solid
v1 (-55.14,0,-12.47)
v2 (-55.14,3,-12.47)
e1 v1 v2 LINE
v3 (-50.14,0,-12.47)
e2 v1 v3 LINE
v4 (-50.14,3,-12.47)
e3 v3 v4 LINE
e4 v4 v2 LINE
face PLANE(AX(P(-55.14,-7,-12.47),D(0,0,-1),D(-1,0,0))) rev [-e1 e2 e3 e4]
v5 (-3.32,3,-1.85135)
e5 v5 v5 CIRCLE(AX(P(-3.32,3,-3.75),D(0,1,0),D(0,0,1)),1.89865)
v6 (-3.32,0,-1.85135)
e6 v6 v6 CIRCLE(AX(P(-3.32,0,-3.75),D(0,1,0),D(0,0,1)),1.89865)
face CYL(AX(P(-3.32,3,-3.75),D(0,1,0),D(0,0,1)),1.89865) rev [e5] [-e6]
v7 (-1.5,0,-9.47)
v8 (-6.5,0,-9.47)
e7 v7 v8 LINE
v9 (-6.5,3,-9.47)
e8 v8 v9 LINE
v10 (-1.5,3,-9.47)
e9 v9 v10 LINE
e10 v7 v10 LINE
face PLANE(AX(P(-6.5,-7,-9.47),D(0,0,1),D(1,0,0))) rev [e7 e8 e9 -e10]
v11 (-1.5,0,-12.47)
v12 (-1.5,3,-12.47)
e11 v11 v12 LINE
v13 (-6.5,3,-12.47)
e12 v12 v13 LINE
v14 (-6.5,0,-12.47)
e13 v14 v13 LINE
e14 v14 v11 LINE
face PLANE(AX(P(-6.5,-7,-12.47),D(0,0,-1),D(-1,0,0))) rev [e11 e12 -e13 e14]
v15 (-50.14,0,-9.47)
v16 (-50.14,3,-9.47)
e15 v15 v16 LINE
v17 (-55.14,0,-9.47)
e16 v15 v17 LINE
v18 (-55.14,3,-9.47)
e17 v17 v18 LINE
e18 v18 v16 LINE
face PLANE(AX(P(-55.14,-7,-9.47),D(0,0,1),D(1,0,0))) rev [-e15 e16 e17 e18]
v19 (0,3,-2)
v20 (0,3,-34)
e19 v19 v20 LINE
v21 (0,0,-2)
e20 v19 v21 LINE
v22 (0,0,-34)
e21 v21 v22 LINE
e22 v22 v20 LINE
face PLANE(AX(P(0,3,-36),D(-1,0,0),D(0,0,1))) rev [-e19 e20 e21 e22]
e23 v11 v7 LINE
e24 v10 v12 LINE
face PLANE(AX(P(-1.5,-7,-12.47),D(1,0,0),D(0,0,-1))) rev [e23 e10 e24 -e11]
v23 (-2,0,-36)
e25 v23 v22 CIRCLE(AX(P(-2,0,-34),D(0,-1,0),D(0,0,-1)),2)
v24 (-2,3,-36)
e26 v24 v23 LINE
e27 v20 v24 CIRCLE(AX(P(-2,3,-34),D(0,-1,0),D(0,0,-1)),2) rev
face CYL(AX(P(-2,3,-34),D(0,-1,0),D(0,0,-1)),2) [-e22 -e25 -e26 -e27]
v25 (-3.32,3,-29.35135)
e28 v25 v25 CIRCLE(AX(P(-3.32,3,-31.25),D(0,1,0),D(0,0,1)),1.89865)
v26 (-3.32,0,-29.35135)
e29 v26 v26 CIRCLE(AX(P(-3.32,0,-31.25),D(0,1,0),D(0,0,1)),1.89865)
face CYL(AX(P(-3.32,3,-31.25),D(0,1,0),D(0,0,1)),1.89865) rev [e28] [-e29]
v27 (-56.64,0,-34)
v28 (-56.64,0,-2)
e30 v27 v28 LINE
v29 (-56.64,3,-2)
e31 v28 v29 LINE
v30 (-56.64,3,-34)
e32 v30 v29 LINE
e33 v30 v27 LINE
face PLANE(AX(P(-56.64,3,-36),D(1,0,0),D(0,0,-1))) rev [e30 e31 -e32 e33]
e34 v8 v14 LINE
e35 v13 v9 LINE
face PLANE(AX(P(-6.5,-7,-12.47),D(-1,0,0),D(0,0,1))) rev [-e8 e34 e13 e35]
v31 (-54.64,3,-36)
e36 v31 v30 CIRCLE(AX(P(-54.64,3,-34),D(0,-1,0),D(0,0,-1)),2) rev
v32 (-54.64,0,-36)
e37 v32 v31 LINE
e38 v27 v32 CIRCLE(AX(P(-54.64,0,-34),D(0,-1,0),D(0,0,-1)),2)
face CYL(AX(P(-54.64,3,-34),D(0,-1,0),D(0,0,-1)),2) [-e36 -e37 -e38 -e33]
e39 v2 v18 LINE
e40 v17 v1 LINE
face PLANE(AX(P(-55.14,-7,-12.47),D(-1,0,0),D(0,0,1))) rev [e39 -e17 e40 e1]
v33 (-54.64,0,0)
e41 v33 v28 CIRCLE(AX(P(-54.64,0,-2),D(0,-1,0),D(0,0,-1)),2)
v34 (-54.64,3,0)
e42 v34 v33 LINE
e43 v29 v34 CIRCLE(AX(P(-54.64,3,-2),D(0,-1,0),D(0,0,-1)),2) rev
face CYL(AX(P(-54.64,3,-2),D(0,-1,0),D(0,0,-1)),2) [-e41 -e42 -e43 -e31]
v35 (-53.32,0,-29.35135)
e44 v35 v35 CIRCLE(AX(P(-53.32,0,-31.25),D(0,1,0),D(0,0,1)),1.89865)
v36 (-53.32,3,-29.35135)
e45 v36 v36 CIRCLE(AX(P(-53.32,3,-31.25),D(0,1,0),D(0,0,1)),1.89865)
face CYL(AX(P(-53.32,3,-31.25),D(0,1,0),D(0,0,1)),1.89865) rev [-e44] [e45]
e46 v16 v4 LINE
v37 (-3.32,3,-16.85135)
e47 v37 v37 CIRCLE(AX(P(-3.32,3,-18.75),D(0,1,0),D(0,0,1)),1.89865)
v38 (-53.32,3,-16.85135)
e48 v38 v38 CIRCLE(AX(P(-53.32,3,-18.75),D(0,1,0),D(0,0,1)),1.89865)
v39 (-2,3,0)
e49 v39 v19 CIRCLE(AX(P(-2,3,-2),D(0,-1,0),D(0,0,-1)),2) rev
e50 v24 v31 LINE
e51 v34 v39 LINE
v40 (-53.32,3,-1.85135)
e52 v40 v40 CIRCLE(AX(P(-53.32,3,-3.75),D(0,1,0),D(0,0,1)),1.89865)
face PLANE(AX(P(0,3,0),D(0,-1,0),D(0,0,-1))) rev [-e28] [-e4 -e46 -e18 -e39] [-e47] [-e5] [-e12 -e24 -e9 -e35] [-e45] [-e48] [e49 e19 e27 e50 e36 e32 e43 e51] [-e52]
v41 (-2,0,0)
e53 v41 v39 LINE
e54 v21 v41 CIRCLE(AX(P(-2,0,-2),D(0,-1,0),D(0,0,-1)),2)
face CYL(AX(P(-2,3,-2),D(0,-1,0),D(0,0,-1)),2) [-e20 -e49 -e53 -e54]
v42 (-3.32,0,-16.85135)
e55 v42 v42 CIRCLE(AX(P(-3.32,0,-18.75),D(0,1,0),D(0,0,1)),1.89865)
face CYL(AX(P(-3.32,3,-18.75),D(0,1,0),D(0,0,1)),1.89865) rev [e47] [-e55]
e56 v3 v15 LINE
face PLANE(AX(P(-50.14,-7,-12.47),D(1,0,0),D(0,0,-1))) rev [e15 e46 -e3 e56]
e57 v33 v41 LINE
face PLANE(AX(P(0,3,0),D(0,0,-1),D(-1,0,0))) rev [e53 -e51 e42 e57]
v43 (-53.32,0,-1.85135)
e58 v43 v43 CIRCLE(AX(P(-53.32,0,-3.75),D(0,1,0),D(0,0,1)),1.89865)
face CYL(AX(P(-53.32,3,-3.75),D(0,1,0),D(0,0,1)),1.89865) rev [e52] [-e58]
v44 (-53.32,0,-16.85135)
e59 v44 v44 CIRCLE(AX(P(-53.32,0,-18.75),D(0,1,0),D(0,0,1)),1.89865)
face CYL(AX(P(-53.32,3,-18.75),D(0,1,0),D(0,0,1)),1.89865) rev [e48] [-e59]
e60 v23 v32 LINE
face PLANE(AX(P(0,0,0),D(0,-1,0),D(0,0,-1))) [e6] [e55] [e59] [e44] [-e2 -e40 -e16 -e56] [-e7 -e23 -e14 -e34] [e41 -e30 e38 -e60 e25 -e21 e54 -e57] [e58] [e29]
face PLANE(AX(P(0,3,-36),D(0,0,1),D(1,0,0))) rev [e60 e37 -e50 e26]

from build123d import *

# Parameters (mm, degrees)
SKETCH1_W             = 56.64
SKETCH1_H             = 36
BOSS_EXTRUDE1_DEPTH   = 3
F_6_CLEARANCE_HOLE2_D = 3.7973
SKETCH7_W             = 5
SKETCH7_H             = 3
CUT_EXTRUDE1_DEPTH    = 10
FILLET1_R             = 2


with BuildPart() as part:
    # Sketch1 → Boss-Extrude1 (new body)
    with BuildSketch(Plane(origin=(0, 0, 0), x_dir=(1, 0, 0), z_dir=(0, 1, 0))):
        with Locations((-28.32, 18)):
            Rectangle(SKETCH1_W, SKETCH1_H)
    extrude(amount=BOSS_EXTRUDE1_DEPTH)

    # #6 Clearance Hole2 (through all)
    with Locations(Plane(origin=(0, 3, 0), x_dir=(1, 0, 0), z_dir=(0, 1, 0))):
        with Locations((-53.32, 31.25), (-53.32, 18.75), (-53.32, 3.75), (-3.32, 31.25), (-3.32, 18.75), (-3.32, 3.75)):
            Hole(F_6_CLEARANCE_HOLE2_D / 2)

    # Sketch7 → Cut-Extrude1 (cut)
    with BuildSketch(Plane(origin=(0, 3, 0), x_dir=(1, 0, 0), z_dir=(0, 1, 0))):
        with Locations((-52.64, 10.97)):
            Rectangle(SKETCH7_W, SKETCH7_H)
        with Locations((-4, 10.97)):
            Rectangle(SKETCH7_W, SKETCH7_H)
    extrude(amount=-CUT_EXTRUDE1_DEPTH, mode=Mode.SUBTRACT)

    # Fillet1
    fillet1_edges = [part.edges().sort_by_distance(p)[0] for p in [
        (0, 1.5, 0),
        (-56.64, 1.5, 0),
        (-56.64, 1.5, -36),
        (0, 1.5, -36),
    ]]
    fillet(fillet1_edges, radius=FILLET1_R)


solid = part.part
